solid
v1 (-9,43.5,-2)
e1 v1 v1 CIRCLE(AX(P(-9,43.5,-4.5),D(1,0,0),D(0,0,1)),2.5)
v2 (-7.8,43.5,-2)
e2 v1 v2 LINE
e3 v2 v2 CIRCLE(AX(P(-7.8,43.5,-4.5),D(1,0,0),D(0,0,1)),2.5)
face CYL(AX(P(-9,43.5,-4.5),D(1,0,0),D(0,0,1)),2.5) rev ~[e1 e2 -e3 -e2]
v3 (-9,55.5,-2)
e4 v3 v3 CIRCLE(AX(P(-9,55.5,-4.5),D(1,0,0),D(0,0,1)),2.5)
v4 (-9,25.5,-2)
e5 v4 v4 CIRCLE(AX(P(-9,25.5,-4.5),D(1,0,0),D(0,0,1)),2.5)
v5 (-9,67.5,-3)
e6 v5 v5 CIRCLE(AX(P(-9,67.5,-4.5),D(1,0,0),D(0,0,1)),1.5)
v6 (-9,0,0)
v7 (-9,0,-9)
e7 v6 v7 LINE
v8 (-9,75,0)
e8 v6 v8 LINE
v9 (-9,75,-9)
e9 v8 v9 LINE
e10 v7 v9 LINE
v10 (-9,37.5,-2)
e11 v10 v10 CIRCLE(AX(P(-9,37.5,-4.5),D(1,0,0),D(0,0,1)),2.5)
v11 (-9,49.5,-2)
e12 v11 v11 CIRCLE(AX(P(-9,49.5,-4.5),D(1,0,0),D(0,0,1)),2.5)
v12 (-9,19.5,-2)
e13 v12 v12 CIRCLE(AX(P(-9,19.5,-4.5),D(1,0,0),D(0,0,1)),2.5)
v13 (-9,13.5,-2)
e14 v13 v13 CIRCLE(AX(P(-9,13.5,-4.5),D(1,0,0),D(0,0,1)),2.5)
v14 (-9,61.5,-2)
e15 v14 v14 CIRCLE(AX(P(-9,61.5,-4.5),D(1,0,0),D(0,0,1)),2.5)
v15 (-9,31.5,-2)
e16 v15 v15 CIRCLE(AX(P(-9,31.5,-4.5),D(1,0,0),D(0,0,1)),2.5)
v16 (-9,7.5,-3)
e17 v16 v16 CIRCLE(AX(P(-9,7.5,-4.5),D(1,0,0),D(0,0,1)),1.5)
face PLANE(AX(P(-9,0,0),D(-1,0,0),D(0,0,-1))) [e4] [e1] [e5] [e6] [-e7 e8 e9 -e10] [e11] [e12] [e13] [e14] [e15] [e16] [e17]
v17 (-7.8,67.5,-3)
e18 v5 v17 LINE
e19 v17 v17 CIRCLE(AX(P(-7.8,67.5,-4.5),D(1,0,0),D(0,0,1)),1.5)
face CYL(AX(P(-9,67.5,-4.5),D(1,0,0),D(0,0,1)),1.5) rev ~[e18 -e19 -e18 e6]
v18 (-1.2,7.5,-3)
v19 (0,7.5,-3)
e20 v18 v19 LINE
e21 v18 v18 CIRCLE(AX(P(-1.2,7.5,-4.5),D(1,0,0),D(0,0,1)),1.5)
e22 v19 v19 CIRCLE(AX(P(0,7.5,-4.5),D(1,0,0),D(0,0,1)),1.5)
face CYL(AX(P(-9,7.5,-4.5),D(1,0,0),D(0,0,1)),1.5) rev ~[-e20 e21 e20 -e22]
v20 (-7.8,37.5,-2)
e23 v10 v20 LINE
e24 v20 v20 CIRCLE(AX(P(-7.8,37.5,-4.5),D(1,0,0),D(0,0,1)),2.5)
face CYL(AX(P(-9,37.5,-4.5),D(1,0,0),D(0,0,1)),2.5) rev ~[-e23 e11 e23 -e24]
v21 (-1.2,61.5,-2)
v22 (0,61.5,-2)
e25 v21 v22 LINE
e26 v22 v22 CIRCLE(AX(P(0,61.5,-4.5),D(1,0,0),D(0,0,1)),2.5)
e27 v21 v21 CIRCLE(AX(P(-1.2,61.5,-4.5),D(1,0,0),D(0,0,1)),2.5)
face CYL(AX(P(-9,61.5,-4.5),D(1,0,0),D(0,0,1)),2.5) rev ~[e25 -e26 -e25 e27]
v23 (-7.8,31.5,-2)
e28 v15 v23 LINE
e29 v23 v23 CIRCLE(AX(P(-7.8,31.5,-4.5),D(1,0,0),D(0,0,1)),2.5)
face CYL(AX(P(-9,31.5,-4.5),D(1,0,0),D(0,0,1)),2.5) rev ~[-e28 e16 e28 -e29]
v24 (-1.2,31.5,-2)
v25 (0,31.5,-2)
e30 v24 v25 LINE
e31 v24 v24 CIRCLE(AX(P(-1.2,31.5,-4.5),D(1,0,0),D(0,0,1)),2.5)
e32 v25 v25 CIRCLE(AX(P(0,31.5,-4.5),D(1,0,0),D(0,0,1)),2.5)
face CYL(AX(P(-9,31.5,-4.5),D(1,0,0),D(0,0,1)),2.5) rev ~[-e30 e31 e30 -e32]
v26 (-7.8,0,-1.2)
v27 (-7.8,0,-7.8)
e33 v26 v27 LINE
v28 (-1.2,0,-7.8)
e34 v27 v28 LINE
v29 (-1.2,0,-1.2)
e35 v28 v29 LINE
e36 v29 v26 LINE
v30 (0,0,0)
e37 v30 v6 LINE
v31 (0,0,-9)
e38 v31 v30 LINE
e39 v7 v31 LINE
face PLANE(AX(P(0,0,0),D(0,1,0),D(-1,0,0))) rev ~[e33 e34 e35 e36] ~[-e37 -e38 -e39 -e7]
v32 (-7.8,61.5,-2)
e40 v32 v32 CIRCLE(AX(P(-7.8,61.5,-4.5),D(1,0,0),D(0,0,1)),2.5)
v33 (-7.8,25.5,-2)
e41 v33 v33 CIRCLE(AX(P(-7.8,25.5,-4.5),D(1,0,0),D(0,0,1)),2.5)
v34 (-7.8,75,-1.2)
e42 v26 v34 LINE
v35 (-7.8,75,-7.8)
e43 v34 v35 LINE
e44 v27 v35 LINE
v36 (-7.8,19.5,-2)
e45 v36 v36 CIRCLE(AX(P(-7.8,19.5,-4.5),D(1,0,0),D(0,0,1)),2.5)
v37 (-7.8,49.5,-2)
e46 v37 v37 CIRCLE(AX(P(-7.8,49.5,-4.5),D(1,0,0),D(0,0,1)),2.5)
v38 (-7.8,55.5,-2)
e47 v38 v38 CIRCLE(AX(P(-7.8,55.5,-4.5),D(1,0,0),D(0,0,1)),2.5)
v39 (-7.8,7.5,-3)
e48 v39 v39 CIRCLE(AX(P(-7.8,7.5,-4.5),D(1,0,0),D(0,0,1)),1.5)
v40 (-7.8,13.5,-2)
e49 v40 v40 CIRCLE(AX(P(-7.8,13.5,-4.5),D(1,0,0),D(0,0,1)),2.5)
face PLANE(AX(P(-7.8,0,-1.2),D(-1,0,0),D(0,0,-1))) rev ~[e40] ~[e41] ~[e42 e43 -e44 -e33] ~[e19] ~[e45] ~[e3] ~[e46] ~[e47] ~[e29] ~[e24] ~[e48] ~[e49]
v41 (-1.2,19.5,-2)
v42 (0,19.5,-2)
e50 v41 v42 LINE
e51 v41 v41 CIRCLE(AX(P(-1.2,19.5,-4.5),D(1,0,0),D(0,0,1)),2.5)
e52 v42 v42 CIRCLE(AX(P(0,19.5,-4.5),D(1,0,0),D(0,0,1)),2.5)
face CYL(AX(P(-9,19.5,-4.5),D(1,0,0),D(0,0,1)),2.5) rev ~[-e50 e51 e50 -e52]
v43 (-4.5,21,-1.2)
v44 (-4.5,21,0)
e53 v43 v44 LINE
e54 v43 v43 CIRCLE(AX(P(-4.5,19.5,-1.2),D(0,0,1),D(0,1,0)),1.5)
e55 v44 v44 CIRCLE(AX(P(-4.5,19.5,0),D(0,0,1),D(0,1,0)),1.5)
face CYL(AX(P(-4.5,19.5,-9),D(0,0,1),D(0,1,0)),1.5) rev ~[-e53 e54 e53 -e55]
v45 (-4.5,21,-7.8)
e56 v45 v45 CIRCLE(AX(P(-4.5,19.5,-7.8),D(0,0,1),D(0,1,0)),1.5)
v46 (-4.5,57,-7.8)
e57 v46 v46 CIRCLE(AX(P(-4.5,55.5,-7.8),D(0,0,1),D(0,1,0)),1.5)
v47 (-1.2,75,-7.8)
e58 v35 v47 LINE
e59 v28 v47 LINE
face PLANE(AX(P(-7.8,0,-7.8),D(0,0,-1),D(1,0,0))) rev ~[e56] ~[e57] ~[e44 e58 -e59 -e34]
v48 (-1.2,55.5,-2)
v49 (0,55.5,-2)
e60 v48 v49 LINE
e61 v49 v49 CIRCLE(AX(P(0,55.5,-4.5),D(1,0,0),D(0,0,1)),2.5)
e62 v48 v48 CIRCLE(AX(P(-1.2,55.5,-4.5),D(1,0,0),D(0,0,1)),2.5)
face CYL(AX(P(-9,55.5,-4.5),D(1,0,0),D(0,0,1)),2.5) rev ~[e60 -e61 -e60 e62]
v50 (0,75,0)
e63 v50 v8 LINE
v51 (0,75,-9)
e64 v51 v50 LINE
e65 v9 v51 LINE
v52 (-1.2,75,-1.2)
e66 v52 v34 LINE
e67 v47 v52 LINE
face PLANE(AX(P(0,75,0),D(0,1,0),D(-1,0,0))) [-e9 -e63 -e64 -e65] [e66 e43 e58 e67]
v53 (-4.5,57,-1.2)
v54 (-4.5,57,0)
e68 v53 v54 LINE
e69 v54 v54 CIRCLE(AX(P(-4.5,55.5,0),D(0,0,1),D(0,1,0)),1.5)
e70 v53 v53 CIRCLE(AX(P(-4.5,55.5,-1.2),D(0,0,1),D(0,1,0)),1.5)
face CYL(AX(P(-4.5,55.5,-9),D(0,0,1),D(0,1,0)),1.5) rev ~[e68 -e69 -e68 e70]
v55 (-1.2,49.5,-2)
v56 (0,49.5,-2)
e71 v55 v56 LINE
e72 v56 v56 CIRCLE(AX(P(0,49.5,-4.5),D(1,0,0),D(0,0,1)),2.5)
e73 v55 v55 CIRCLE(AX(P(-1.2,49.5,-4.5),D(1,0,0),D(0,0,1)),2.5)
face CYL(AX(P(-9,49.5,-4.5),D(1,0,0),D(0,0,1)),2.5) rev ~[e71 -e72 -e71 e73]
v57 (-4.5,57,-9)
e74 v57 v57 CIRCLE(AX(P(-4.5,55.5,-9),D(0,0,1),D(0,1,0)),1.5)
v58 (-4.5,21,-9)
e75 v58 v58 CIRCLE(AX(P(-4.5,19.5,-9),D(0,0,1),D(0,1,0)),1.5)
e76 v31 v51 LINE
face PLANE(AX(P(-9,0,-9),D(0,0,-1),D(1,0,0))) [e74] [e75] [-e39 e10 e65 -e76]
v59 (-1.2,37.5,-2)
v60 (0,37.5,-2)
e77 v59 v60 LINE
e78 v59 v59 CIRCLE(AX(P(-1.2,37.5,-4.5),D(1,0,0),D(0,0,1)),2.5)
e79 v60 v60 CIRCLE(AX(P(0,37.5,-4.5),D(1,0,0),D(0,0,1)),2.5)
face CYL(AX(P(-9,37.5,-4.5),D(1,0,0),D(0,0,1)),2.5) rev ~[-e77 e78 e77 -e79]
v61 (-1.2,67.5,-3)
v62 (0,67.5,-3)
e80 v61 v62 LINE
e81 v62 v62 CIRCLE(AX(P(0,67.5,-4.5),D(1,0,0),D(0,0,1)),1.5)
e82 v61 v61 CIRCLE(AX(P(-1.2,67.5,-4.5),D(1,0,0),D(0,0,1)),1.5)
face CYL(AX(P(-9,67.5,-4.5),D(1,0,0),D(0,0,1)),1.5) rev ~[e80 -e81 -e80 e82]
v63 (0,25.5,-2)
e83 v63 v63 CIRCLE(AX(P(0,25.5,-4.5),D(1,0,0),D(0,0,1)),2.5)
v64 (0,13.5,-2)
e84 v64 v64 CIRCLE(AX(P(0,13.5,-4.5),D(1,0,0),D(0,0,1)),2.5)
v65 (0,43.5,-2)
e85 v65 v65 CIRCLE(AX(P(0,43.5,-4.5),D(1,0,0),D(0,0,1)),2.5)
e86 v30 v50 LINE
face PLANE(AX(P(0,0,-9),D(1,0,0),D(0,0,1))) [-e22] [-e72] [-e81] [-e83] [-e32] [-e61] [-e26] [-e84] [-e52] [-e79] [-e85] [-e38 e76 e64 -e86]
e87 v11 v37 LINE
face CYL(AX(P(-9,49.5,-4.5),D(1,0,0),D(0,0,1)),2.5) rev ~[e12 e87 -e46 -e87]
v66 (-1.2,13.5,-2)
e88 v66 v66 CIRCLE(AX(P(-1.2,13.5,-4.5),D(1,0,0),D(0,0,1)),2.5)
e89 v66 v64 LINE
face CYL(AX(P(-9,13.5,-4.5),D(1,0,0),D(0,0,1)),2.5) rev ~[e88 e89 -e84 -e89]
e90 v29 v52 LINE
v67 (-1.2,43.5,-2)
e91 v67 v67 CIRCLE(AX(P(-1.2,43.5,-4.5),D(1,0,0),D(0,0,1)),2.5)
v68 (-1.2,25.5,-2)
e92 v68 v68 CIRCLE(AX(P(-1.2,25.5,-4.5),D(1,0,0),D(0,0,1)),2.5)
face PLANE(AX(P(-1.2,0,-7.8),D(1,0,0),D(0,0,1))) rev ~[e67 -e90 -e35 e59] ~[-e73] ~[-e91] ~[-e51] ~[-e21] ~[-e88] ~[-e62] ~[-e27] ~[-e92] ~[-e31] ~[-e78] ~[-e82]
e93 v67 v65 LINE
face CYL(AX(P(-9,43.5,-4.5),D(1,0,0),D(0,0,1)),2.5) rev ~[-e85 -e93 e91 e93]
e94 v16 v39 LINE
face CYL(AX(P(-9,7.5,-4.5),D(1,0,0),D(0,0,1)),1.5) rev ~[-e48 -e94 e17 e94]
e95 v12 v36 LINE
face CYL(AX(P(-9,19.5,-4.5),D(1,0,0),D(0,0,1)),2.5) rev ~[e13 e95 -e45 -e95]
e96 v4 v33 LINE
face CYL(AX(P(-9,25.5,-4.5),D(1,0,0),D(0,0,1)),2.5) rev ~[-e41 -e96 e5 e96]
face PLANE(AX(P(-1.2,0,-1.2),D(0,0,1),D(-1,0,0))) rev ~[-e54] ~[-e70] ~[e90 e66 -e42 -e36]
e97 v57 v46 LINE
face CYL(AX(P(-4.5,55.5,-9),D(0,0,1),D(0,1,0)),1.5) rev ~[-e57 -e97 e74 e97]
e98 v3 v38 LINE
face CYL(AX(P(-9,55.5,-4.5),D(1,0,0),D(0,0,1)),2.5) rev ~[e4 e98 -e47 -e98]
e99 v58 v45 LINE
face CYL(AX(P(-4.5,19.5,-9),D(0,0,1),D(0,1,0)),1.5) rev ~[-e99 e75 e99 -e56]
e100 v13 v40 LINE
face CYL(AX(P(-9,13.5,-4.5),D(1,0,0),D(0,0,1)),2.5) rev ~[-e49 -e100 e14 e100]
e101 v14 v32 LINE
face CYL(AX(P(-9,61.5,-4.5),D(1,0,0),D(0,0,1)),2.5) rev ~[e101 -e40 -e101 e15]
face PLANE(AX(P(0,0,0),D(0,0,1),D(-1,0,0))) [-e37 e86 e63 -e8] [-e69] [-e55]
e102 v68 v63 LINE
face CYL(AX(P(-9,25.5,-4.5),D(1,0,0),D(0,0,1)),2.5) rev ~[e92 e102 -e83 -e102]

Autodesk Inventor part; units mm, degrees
ref_plane "YZ Plane" through (0, 0, 0) normal (1, 0, 0) x (0, 1, 0)
ref_plane "XZ Plane" through (0, 0, 0) normal (0, 1, 0) x (-1, 0, 0)
ref_plane "XY Plane" through (0, 0, 0) normal (0, 0, 1) x (1, 0, 0)
sketch "スケッチ1" plane through (0, 0, 0) normal (0, 1, 0) x (-1, 0, 0)
  line L0 (0, 0) -> (9, 0)
  line L1 (9, 0) -> (9, -9)
  line L2 (9, -9) -> (0, -9)
  line L3 (0, -9) -> (0, 0)
  line L4 (1.2, -1.2) -> (7.8, -1.2)
  line L5 (7.8, -1.2) -> (7.8, -7.8)
  line L6 (7.8, -7.8) -> (1.2, -7.8)
  line L7 (1.2, -7.8) -> (1.2, -1.2)
  dimension "d0" = 9
  dimension "d1" = 9
  dimension "d2" = 6.6
  dimension "d3" = 6.6
  dimension "d4" = 1.2
  dimension "d5" = 1.2
extrude "押し出し1" add sketch "スケッチ1" along normal blind 75
sketch "スケッチ2" plane through (-9, 0, -9) normal (-1, 0, 0) x (0, 0, 1)
  line L0 (0, 0) -> (9, 0) projected
  line L1 (0, 75) -> (9, 75) projected
  line L2 (0, 0) -> (0, 75) projected
  point P0 (4.5, 7.5)
  point P1 (4.5, 67.5)
  dimension "d8" = 7.5
  dimension "d9" = 7.5
  dimension "d10" = 4.5
  dimension "d11" = 4.5
hole "穴1" at (-9, 7.5, -4.5) at (-9, 67.5, -4.5) direction (1, 0, 0) diameter 3 end through all
sketch "スケッチ3" plane through (0, 0, -9) normal (0, 0, -1) x (-1, 0, 0)
  line L0 (9, 0) -> (9, 75) projected
  line L1 (0, 75) -> (9, 75) projected
  line L2 (0, 0) -> (9, 0) projected
  point P0 (4.5, 19.5)
  point P1 (4.5, 55.5)
  dimension "d19" = 4.5
  dimension "d20" = 4.5
  dimension "d21" = 19.5
  dimension "d22" = 19.5
hole "穴2" at (-4.5, 19.5, -9) at (-4.5, 55.5, -9) direction (0, 0, 1) diameter 3 end through all
sketch "スケッチ4" plane through (-9, 0, -9) normal (-1, 0, 0) x (0, 0, 1)
  circle A0 centre (4.5, 67.5) radius 1.5 projected
  circle A1 centre (4.5, 7.5) radius 1.5 projected
  line L0 (4.5, 67.5) -> (4.5, 7.5)
  point P0 (9, 0)
  point P1 (4.5, 61.5)
  point P2 (4.5, 55.5)
  point P3 (4.5, 49.5)
  point P4 (4.5, 43.5)
  point P5 (4.5, 37.5)
  point P6 (4.5, 31.5)
  point P7 (4.5, 25.5)
  point P8 (4.5, 19.5)
  point P9 (4.5, 13.5)
  dimension "d30" = 60
  dimension "d31" = 6
  dimension "d34" = 6
hole "穴3" at (-9, 61.5, -4.5) at (-9, 55.5, -4.5) at (-9, 49.5, -4.5) at (-9, 43.5, -4.5) at (-9, 37.5, -4.5) at (-9, 31.5, -4.5) at (-9, 25.5, -4.5) at (-9, 19.5, -4.5) at (-9, 13.5, -4.5) direction (1, 0, 0) diameter 5 end through all
equation "\"d1\" = d0"
equation "\"d3\" = d2"
equation "\"d9\" = d8"
equation "\"d10\" = d11"
equation "\"d19\" = d20"
equation "\"d22\" = d21"
equation "\"d31\" = 0.1 * d30"
properties part number "前後直動12x12_2" material "アルミニウム 6061"
